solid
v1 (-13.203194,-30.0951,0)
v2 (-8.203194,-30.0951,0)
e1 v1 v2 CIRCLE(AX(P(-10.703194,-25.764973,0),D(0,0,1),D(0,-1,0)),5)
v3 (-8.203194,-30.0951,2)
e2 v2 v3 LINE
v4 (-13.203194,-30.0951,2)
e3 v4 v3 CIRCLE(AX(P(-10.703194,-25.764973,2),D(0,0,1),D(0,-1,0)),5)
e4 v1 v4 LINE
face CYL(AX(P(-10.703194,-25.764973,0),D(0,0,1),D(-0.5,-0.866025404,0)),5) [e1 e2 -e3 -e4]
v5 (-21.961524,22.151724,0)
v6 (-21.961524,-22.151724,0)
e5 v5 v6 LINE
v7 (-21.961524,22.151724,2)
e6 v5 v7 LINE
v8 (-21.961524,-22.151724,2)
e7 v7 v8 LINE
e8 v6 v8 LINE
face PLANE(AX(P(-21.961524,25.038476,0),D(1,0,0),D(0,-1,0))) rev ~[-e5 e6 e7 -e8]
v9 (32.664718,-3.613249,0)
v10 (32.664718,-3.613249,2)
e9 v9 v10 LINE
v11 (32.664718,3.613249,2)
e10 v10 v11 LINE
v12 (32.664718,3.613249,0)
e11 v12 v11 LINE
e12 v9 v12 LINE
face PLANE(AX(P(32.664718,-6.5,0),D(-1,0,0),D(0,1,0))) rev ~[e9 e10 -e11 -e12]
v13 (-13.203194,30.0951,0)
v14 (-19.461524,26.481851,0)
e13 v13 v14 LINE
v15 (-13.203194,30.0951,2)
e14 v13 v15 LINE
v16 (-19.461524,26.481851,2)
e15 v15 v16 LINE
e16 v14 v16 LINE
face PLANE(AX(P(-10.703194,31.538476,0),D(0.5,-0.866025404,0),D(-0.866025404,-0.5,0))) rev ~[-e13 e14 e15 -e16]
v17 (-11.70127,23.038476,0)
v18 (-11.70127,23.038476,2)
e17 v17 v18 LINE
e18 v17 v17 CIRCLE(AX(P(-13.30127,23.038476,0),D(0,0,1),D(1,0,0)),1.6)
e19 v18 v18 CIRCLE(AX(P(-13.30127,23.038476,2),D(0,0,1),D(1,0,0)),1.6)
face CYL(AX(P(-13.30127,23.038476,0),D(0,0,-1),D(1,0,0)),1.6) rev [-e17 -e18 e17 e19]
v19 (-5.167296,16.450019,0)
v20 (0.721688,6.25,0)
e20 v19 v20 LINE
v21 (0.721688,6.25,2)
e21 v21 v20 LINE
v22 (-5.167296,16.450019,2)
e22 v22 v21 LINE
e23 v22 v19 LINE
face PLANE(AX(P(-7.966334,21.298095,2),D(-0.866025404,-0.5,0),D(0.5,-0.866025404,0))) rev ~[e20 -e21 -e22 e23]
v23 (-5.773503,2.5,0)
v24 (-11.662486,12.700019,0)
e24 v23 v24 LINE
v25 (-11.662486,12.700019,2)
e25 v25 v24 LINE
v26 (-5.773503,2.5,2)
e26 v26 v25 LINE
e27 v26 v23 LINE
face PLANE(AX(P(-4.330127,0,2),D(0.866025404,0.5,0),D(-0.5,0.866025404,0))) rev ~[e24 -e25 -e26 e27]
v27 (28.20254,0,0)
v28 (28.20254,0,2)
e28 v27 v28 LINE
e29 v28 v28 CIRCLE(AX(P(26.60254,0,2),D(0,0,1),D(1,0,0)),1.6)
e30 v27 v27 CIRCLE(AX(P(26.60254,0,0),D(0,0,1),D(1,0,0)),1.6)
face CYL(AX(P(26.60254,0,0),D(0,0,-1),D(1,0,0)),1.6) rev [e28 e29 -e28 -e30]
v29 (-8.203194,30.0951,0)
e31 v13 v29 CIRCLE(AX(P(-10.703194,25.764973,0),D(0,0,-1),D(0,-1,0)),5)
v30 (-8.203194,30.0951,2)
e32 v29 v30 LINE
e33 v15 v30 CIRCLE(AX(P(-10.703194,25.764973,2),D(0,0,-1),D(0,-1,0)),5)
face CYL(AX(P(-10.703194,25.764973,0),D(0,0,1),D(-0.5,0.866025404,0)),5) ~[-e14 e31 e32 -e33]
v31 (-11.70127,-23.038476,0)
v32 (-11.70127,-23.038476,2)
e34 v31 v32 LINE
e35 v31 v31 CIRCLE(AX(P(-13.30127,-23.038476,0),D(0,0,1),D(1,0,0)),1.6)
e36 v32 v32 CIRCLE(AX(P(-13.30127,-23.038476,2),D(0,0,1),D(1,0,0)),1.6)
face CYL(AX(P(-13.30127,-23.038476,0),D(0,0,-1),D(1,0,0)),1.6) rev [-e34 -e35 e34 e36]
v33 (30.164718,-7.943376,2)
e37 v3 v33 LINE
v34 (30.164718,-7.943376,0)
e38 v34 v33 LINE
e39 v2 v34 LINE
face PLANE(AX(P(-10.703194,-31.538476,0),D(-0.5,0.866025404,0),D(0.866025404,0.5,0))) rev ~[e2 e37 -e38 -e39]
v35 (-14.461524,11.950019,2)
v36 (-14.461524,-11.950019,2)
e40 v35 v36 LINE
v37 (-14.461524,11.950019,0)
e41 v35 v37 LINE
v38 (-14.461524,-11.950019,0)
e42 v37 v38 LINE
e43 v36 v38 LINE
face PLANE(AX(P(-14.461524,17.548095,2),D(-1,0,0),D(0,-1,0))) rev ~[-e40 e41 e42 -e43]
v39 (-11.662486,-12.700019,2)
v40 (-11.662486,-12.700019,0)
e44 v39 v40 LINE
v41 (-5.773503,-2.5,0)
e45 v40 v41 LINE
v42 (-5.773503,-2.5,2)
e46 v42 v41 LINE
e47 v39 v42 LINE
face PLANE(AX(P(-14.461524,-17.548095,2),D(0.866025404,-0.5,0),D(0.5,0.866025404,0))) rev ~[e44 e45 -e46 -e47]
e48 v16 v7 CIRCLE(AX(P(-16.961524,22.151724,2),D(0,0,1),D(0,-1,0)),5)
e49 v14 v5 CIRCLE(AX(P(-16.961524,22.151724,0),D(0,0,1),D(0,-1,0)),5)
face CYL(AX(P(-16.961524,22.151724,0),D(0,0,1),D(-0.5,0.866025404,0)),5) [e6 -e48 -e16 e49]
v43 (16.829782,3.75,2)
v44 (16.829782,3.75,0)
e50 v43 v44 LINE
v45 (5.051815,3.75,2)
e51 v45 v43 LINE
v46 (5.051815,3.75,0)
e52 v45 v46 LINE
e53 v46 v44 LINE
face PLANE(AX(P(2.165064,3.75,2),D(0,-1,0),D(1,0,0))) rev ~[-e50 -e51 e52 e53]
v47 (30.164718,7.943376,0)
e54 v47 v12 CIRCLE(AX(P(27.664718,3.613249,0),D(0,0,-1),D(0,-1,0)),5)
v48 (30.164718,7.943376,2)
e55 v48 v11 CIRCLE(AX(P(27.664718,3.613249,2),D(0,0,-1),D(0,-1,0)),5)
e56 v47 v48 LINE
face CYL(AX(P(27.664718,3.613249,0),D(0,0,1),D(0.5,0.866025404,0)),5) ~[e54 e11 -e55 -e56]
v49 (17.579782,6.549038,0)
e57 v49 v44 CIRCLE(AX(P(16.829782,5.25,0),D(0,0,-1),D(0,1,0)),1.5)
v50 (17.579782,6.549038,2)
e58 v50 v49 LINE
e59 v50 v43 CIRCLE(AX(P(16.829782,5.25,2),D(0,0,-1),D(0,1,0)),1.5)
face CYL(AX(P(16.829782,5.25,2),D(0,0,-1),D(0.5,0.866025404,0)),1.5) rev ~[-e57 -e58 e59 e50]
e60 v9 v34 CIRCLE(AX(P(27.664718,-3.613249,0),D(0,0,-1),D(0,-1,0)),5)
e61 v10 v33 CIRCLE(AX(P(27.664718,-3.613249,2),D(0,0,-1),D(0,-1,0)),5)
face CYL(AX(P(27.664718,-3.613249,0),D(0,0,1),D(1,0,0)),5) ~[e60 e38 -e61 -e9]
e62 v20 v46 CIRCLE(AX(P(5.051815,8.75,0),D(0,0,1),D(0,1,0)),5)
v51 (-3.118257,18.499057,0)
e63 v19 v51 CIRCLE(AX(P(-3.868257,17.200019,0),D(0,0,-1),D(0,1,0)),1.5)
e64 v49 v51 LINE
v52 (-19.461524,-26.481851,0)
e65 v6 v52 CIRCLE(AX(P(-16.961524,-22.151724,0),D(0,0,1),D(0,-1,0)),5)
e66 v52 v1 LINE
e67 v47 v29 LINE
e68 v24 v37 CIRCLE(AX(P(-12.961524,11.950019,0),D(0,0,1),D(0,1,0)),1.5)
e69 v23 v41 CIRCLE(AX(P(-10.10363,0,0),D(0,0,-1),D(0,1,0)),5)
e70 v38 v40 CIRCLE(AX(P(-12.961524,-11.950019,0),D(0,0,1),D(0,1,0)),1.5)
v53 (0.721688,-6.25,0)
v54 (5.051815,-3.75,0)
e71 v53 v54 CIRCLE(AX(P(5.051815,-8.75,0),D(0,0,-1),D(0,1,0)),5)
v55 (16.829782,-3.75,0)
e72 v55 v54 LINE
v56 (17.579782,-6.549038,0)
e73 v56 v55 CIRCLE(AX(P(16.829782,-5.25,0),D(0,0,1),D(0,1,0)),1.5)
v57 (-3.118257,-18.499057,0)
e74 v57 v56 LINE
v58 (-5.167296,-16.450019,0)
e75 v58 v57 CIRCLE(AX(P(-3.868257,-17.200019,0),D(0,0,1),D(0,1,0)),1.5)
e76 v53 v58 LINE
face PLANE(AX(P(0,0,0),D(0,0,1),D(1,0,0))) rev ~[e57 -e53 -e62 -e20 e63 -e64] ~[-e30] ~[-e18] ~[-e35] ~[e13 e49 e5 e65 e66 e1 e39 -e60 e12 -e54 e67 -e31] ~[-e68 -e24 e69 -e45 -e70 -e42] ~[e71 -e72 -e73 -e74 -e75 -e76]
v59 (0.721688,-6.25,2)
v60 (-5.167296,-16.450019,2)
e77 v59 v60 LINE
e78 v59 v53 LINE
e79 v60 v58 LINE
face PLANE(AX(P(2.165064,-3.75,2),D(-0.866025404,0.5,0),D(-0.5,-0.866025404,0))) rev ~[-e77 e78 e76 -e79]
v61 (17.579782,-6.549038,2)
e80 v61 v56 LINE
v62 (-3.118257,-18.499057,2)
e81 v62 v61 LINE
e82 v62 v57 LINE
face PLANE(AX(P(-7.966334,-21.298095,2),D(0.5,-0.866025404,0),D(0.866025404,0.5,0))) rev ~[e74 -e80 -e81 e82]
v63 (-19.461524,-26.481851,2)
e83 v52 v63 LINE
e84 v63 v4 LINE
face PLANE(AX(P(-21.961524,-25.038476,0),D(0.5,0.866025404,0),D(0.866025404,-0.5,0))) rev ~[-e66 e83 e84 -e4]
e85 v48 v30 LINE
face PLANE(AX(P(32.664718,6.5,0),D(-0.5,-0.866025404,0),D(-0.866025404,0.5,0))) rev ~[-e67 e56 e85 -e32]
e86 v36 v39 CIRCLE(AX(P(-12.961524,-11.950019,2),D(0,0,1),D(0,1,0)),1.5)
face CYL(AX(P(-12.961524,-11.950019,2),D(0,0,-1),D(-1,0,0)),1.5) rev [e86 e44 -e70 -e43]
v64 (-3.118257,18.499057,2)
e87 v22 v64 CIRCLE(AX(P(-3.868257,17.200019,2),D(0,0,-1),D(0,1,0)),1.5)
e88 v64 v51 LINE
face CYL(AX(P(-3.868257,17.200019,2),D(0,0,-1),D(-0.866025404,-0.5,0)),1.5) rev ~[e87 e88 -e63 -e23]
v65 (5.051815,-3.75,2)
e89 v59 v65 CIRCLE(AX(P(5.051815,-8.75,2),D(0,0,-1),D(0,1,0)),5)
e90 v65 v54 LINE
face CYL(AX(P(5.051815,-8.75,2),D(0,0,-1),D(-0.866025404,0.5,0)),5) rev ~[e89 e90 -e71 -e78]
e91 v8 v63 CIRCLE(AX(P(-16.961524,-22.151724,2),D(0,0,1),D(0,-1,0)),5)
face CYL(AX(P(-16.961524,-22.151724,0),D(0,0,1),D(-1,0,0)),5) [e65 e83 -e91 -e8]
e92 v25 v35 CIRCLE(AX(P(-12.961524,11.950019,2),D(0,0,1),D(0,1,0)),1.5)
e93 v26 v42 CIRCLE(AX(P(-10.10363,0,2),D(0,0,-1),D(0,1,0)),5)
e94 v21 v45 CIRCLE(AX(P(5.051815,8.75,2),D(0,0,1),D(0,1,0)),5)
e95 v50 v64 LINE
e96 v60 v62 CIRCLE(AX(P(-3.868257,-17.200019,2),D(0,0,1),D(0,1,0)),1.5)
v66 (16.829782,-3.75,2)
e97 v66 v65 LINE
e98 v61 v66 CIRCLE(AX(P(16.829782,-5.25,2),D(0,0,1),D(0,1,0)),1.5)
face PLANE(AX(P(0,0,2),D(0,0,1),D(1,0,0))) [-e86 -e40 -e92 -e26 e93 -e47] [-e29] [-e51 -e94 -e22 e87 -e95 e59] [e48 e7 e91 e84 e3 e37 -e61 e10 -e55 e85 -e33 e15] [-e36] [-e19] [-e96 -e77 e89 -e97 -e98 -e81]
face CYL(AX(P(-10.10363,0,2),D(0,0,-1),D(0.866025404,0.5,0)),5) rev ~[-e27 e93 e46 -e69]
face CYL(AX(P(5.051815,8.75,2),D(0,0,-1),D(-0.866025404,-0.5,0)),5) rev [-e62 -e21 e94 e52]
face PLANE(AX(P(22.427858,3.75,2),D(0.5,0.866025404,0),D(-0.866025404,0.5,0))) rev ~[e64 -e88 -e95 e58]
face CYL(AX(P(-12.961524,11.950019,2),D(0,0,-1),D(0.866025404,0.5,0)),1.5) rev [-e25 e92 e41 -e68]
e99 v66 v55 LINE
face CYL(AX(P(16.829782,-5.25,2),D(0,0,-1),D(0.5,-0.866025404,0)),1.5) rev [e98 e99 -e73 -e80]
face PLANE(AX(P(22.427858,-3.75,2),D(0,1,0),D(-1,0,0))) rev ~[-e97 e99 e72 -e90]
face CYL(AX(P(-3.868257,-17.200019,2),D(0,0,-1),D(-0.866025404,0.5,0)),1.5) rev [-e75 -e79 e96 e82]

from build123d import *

# Parameters (mm, degrees)
SKETCH_1_R          = 1.6
EXTRUDE_1_DEPTH     = 2
CUT_EXTRUDE_1_DEPTH = 10
FILLET_1_R          = 5
FILLET_2_R          = 1.5


with BuildPart() as part:
    # ｽｹｯﾁ1 → ﾎﾞｽ - 押し出し1 (new body)
    with BuildSketch(Plane.XY):
        Polygon((-10.703193979, 31.538475775), (-21.961524228, 25.038475775), (-21.961524228, -25.038475775), (-10.703193979, -31.538475775), (32.664718207, -6.5), (32.664718207, 6.5), align=None)
        with Locations((-13.30127019, 23.038475775)):
            Circle(SKETCH_1_R, mode=Mode.SUBTRACT)
        with Locations((-13.30127019, -23.038475775)):
            Circle(SKETCH_1_R, mode=Mode.SUBTRACT)
        with Locations((26.602540381, 0)):
            Circle(SKETCH_1_R, mode=Mode.SUBTRACT)
    extrude(amount=EXTRUDE_1_DEPTH)

    # ｽｹｯﾁ2 → ｶｯﾄ - 押し出し1 (cut)
    with BuildSketch(Plane.XY.offset(2)):
        Polygon((-4.330127019, 0), (-14.461524228, 17.548094718), (-14.461524228, -17.548094718), align=None)
        Polygon((2.165063509, -3.75), (-7.9663337, -21.298094718), (22.427857928, -3.75), align=None)
        Polygon((22.427857928, 3.75), (-7.9663337, 21.298094718), (2.165063509, 3.75), align=None)
    extrude(amount=-CUT_EXTRUDE_1_DEPTH, mode=Mode.SUBTRACT)

    # ﾌｨﾚｯﾄ1
    fillet_1_edges = [part.edges().sort_by_distance(p)[0] for p in [
        (32.664718207, 6.5, 1),
        (32.664718207, -6.5, 1),
        (-10.703193979, -31.538475775, 1),
        (-21.961524228, -25.038475775, 1),
        (-21.961524228, 25.038475775, 1),
        (-10.703193979, 31.538475775, 1),
        (-4.330127019, 0, 1),
        (2.165063509, -3.75, 1),
        (2.165063509, 3.75, 1),
    ]]
    fillet(fillet_1_edges, radius=FILLET_1_R)

    # ﾌｨﾚｯﾄ2
    fillet_2_edges = [part.edges().sort_by_distance(p)[0] for p in [
        (-14.461524228, 17.548094718, 1),
        (-14.461524228, -17.548094718, 1),
        (22.427857928, -3.75, 1),
        (-7.9663337, -21.298094718, 1),
        (-7.9663337, 21.298094718, 1),
        (22.427857928, 3.75, 1),
    ]]
    fillet(fillet_2_edges, radius=FILLET_2_R)


solid = part.part
